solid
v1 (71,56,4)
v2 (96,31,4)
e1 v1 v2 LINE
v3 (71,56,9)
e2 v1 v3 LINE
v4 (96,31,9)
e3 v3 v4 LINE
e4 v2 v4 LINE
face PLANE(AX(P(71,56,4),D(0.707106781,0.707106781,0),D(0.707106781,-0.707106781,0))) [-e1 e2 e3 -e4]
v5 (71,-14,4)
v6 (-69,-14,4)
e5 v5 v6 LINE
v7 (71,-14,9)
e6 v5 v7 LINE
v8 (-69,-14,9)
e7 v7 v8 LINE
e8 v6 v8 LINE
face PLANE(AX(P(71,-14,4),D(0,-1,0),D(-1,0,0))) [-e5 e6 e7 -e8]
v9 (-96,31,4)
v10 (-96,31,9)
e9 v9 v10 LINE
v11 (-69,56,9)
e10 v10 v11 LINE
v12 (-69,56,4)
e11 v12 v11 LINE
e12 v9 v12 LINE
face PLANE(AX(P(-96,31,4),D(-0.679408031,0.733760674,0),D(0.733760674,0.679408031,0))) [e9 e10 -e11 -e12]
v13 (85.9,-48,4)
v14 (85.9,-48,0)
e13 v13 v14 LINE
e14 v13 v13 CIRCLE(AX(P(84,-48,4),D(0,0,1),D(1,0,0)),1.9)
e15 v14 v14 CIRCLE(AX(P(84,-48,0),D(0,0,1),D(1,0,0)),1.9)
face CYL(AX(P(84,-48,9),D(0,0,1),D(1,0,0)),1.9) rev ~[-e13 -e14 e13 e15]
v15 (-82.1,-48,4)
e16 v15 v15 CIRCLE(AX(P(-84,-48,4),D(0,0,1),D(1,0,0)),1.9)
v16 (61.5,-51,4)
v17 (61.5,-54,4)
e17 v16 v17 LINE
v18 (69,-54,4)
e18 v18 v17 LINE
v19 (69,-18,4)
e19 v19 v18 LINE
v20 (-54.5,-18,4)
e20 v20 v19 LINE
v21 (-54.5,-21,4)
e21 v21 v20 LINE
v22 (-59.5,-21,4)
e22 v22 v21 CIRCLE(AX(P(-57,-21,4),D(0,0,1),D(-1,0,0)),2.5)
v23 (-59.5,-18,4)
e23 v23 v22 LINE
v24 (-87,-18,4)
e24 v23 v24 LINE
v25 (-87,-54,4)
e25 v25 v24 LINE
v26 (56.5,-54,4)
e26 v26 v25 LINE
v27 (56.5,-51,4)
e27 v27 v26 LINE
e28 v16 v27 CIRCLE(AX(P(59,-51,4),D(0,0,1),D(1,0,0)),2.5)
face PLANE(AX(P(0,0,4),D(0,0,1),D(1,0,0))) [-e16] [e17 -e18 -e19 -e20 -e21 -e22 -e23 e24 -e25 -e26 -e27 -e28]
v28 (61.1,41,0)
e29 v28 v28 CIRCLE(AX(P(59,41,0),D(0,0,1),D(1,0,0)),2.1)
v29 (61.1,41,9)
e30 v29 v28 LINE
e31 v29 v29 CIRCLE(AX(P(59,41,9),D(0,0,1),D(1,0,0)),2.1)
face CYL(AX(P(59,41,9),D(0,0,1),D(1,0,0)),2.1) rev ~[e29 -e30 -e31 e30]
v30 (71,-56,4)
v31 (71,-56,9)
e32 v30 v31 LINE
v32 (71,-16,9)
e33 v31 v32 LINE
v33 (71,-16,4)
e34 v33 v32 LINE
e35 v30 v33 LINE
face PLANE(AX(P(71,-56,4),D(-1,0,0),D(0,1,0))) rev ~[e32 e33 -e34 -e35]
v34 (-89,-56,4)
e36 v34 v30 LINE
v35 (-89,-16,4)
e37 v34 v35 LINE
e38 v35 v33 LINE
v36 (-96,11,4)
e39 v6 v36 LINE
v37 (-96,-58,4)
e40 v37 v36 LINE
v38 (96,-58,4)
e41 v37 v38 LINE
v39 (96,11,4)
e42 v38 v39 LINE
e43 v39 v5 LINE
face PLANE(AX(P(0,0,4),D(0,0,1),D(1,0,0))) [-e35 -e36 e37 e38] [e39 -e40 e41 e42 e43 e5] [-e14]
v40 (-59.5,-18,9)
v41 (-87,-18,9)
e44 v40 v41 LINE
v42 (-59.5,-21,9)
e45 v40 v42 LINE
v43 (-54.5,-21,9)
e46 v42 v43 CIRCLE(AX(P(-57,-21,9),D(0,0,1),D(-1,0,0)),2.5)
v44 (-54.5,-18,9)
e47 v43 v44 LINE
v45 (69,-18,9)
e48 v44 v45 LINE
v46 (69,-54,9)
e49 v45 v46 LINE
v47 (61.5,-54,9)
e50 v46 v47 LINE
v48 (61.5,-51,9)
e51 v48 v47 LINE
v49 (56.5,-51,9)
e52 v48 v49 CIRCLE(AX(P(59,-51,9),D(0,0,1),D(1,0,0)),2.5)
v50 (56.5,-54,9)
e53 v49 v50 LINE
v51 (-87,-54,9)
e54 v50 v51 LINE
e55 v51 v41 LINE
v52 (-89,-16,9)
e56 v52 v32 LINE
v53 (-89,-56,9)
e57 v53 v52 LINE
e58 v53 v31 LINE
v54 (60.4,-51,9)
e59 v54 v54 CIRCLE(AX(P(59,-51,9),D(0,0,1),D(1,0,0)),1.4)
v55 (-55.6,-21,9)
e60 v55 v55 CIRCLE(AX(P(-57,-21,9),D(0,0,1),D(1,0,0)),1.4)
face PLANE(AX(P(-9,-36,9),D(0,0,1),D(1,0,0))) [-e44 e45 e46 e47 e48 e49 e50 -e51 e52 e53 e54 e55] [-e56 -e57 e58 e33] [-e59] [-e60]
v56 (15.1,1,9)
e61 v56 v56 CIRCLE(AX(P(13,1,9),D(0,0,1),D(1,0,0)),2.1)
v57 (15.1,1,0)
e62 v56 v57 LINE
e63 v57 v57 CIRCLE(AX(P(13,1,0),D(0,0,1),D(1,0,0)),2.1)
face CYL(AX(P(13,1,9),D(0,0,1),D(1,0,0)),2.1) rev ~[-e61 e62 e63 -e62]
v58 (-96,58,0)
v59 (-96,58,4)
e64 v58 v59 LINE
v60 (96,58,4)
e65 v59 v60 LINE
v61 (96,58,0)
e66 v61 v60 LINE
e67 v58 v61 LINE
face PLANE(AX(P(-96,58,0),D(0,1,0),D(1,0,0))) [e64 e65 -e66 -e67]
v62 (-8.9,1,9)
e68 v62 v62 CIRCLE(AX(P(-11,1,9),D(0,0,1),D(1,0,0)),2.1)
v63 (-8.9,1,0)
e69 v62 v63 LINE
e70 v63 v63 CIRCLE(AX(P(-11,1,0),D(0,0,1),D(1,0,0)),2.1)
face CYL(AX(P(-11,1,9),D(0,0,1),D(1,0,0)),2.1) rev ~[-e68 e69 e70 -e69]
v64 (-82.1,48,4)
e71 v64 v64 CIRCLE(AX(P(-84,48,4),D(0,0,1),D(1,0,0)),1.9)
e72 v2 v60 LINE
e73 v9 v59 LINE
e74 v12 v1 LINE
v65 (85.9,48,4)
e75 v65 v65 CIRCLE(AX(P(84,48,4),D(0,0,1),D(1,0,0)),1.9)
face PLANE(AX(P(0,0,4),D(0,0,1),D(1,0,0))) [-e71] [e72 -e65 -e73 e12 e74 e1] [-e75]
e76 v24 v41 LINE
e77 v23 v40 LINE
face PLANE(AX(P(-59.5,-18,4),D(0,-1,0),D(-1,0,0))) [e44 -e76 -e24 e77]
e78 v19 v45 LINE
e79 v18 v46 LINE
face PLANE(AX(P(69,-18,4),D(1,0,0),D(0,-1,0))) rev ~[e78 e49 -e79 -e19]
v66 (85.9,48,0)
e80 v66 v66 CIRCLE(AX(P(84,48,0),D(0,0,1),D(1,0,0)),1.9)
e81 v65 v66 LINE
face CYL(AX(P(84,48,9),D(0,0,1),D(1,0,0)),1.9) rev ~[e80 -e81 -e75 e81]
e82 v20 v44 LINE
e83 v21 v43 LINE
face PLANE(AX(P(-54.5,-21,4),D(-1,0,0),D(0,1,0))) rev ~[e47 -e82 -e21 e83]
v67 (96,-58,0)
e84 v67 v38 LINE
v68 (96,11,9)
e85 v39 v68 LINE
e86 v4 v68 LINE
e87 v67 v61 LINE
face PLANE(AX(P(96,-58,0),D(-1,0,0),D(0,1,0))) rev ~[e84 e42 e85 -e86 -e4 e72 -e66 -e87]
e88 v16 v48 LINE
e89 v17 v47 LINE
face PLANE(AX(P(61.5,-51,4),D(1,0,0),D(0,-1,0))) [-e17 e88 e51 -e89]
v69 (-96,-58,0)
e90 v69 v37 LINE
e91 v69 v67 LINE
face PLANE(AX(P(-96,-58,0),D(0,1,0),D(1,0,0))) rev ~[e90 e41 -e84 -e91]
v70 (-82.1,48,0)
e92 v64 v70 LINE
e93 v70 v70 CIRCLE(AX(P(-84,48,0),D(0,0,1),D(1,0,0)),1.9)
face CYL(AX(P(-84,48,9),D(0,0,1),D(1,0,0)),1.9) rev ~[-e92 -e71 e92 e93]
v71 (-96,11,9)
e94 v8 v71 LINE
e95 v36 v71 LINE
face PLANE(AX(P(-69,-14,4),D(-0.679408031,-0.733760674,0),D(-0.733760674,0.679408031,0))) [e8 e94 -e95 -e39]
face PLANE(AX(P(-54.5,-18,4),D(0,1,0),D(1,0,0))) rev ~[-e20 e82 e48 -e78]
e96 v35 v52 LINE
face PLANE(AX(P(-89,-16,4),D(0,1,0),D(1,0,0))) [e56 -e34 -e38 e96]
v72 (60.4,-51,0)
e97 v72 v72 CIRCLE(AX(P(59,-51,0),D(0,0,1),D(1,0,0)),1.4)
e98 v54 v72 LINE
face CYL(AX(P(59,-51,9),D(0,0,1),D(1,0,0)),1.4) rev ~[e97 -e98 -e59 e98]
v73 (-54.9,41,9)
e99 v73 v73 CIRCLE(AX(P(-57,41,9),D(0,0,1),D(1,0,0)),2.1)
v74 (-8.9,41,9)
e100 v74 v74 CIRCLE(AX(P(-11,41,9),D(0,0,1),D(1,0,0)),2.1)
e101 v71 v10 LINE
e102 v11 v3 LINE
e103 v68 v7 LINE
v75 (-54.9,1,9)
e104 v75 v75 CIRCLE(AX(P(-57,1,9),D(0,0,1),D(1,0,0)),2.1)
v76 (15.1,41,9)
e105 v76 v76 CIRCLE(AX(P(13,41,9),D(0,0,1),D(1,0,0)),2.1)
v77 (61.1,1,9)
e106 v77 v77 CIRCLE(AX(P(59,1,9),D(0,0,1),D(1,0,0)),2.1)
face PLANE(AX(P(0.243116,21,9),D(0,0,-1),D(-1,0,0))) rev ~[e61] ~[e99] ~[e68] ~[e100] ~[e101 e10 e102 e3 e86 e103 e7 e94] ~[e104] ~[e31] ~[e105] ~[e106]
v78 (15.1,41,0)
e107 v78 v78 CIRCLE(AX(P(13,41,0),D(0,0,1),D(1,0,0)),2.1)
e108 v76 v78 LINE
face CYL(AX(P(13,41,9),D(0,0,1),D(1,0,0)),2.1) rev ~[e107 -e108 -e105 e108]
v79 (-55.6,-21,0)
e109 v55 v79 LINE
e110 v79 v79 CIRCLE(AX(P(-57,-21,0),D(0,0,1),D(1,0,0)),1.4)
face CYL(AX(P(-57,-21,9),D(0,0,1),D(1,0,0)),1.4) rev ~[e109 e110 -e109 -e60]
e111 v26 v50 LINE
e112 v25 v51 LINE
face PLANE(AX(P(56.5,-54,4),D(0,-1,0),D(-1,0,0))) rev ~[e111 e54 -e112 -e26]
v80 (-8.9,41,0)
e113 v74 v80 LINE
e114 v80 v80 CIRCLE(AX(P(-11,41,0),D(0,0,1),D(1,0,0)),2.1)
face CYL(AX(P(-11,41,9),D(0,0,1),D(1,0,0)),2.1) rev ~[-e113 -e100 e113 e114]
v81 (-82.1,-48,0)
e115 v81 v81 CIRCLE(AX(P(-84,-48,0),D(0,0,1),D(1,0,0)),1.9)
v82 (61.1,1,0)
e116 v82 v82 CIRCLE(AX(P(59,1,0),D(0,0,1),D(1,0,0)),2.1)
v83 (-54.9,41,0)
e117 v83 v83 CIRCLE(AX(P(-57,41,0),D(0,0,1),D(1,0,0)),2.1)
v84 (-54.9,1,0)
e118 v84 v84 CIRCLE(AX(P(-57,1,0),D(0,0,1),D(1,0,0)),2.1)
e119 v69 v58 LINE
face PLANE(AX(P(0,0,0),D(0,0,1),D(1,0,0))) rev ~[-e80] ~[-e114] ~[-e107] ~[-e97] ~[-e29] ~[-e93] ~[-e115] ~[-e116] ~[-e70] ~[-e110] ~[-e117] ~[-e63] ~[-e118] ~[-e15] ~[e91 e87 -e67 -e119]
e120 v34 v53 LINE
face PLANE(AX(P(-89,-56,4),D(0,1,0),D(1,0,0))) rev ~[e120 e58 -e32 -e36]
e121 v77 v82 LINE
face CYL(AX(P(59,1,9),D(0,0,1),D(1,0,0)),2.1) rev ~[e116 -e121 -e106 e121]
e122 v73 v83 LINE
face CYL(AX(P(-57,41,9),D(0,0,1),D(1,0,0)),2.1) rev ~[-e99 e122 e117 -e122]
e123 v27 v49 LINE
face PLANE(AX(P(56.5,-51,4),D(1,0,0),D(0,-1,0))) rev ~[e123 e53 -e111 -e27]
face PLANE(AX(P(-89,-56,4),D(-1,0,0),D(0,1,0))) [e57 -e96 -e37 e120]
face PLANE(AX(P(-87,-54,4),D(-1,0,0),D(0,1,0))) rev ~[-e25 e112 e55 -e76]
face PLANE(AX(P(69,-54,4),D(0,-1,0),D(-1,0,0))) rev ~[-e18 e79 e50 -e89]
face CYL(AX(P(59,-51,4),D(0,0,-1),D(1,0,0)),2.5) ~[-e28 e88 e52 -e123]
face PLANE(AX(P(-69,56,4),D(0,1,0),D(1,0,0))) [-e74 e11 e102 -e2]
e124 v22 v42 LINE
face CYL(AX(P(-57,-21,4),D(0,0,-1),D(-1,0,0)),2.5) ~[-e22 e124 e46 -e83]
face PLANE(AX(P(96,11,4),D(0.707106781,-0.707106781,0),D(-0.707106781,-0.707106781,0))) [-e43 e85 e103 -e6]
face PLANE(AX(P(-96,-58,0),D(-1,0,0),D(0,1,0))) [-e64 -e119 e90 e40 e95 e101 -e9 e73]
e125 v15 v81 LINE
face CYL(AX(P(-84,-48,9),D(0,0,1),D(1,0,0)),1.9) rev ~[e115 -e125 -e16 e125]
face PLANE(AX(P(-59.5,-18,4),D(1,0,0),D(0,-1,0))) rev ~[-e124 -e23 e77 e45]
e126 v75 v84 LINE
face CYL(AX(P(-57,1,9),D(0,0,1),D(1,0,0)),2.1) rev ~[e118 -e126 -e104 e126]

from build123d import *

# Parameters (mm, degrees)
SKETCH_W        = 192
SKETCH_H        = 116
PAD_DEPTH       = 4
SKETCH001_W     = 160
SKETCH001_H     = 40
PAD001_DEPTH    = 5
SKETCH002_R     = 1.4
POCKET_DEPTH    = 9.001
PAD002_DEPTH    = 5
SKETCH004_R     = 1.9
SKETCH004_R_2   = 2.1
POCKET001_DEPTH = 9.001


with BuildPart() as part:
    # Sketch → Pad (new body)
    with BuildSketch(Plane.XY):
        Rectangle(SKETCH_W, SKETCH_H)
    extrude(amount=PAD_DEPTH)

    # Sketch001 (on Face6 of Pad) → Pad001 (join)
    with BuildSketch(Plane.XY.offset(4)):
        with Locations((-9, -36)):
            Rectangle(SKETCH001_W, SKETCH001_H)
        with BuildLine():
            Line((69, -18), (69, -54))
            Line((69, -54), (61.5, -54))
            Line((61.5, -51), (61.5, -54))
            ThreePointArc((61.5, -51), (59, -48.5), (56.5, -51))
            Line((56.5, -51), (56.5, -54))
            Line((56.5, -54), (-87, -54))
            Line((-87, -54), (-87, -18))
            Line((-59.5, -18), (-87, -18))
            Line((-59.5, -18), (-59.5, -21))
            ThreePointArc((-59.5, -21), (-57, -23.5), (-54.5, -21))
            Line((-54.5, -21), (-54.5, -18))
            Line((-54.5, -18), (69, -18))
        make_face(mode=Mode.SUBTRACT)
    extrude(amount=PAD001_DEPTH)

    # Sketch002 (on Face11 of Pad001) → Pocket (cut, through all)
    with BuildSketch(Plane.XY.offset(9)):
        with Locations((-57, -21)):
            Circle(SKETCH002_R)
        with Locations((59, -51)):
            Circle(SKETCH002_R)
    extrude(amount=-POCKET_DEPTH, mode=Mode.SUBTRACT)

    # Sketch003 (on Face5 of Pocket) → Pad002 (join)
    with BuildSketch(Plane.XY.offset(4)):
        Polygon((-69, 56), (71, 56), (96, 31), (96, 11), (71, -14), (-69, -14), (-96, 11), (-96, 31), align=None)
    extrude(amount=PAD002_DEPTH)

    # Sketch004 (on Face22 of Pad002) → Pocket001 (cut, through all)
    with BuildSketch(Plane.XY.offset(9)):
        with Locations((-84, 48)):
            Circle(SKETCH004_R)
        with Locations((-84, -48)):
            Circle(SKETCH004_R)
        with Locations((84, -48)):
            Circle(SKETCH004_R)
        with Locations((84, 48)):
            Circle(SKETCH004_R)
        with Locations((-57, 41)):
            Circle(SKETCH004_R_2)
        with Locations((-11, 41)):
            Circle(SKETCH004_R_2)
        with Locations((-57, 1)):
            Circle(SKETCH004_R_2)
        with Locations((-11, 1)):
            Circle(SKETCH004_R_2)
        with Locations((13, 41)):
            Circle(SKETCH004_R_2)
        with Locations((59, 41)):
            Circle(SKETCH004_R_2)
        with Locations((59, 1)):
            Circle(SKETCH004_R_2)
        with Locations((13, 1)):
            Circle(SKETCH004_R_2)
    extrude(amount=-POCKET001_DEPTH, mode=Mode.SUBTRACT)


solid = part.part
